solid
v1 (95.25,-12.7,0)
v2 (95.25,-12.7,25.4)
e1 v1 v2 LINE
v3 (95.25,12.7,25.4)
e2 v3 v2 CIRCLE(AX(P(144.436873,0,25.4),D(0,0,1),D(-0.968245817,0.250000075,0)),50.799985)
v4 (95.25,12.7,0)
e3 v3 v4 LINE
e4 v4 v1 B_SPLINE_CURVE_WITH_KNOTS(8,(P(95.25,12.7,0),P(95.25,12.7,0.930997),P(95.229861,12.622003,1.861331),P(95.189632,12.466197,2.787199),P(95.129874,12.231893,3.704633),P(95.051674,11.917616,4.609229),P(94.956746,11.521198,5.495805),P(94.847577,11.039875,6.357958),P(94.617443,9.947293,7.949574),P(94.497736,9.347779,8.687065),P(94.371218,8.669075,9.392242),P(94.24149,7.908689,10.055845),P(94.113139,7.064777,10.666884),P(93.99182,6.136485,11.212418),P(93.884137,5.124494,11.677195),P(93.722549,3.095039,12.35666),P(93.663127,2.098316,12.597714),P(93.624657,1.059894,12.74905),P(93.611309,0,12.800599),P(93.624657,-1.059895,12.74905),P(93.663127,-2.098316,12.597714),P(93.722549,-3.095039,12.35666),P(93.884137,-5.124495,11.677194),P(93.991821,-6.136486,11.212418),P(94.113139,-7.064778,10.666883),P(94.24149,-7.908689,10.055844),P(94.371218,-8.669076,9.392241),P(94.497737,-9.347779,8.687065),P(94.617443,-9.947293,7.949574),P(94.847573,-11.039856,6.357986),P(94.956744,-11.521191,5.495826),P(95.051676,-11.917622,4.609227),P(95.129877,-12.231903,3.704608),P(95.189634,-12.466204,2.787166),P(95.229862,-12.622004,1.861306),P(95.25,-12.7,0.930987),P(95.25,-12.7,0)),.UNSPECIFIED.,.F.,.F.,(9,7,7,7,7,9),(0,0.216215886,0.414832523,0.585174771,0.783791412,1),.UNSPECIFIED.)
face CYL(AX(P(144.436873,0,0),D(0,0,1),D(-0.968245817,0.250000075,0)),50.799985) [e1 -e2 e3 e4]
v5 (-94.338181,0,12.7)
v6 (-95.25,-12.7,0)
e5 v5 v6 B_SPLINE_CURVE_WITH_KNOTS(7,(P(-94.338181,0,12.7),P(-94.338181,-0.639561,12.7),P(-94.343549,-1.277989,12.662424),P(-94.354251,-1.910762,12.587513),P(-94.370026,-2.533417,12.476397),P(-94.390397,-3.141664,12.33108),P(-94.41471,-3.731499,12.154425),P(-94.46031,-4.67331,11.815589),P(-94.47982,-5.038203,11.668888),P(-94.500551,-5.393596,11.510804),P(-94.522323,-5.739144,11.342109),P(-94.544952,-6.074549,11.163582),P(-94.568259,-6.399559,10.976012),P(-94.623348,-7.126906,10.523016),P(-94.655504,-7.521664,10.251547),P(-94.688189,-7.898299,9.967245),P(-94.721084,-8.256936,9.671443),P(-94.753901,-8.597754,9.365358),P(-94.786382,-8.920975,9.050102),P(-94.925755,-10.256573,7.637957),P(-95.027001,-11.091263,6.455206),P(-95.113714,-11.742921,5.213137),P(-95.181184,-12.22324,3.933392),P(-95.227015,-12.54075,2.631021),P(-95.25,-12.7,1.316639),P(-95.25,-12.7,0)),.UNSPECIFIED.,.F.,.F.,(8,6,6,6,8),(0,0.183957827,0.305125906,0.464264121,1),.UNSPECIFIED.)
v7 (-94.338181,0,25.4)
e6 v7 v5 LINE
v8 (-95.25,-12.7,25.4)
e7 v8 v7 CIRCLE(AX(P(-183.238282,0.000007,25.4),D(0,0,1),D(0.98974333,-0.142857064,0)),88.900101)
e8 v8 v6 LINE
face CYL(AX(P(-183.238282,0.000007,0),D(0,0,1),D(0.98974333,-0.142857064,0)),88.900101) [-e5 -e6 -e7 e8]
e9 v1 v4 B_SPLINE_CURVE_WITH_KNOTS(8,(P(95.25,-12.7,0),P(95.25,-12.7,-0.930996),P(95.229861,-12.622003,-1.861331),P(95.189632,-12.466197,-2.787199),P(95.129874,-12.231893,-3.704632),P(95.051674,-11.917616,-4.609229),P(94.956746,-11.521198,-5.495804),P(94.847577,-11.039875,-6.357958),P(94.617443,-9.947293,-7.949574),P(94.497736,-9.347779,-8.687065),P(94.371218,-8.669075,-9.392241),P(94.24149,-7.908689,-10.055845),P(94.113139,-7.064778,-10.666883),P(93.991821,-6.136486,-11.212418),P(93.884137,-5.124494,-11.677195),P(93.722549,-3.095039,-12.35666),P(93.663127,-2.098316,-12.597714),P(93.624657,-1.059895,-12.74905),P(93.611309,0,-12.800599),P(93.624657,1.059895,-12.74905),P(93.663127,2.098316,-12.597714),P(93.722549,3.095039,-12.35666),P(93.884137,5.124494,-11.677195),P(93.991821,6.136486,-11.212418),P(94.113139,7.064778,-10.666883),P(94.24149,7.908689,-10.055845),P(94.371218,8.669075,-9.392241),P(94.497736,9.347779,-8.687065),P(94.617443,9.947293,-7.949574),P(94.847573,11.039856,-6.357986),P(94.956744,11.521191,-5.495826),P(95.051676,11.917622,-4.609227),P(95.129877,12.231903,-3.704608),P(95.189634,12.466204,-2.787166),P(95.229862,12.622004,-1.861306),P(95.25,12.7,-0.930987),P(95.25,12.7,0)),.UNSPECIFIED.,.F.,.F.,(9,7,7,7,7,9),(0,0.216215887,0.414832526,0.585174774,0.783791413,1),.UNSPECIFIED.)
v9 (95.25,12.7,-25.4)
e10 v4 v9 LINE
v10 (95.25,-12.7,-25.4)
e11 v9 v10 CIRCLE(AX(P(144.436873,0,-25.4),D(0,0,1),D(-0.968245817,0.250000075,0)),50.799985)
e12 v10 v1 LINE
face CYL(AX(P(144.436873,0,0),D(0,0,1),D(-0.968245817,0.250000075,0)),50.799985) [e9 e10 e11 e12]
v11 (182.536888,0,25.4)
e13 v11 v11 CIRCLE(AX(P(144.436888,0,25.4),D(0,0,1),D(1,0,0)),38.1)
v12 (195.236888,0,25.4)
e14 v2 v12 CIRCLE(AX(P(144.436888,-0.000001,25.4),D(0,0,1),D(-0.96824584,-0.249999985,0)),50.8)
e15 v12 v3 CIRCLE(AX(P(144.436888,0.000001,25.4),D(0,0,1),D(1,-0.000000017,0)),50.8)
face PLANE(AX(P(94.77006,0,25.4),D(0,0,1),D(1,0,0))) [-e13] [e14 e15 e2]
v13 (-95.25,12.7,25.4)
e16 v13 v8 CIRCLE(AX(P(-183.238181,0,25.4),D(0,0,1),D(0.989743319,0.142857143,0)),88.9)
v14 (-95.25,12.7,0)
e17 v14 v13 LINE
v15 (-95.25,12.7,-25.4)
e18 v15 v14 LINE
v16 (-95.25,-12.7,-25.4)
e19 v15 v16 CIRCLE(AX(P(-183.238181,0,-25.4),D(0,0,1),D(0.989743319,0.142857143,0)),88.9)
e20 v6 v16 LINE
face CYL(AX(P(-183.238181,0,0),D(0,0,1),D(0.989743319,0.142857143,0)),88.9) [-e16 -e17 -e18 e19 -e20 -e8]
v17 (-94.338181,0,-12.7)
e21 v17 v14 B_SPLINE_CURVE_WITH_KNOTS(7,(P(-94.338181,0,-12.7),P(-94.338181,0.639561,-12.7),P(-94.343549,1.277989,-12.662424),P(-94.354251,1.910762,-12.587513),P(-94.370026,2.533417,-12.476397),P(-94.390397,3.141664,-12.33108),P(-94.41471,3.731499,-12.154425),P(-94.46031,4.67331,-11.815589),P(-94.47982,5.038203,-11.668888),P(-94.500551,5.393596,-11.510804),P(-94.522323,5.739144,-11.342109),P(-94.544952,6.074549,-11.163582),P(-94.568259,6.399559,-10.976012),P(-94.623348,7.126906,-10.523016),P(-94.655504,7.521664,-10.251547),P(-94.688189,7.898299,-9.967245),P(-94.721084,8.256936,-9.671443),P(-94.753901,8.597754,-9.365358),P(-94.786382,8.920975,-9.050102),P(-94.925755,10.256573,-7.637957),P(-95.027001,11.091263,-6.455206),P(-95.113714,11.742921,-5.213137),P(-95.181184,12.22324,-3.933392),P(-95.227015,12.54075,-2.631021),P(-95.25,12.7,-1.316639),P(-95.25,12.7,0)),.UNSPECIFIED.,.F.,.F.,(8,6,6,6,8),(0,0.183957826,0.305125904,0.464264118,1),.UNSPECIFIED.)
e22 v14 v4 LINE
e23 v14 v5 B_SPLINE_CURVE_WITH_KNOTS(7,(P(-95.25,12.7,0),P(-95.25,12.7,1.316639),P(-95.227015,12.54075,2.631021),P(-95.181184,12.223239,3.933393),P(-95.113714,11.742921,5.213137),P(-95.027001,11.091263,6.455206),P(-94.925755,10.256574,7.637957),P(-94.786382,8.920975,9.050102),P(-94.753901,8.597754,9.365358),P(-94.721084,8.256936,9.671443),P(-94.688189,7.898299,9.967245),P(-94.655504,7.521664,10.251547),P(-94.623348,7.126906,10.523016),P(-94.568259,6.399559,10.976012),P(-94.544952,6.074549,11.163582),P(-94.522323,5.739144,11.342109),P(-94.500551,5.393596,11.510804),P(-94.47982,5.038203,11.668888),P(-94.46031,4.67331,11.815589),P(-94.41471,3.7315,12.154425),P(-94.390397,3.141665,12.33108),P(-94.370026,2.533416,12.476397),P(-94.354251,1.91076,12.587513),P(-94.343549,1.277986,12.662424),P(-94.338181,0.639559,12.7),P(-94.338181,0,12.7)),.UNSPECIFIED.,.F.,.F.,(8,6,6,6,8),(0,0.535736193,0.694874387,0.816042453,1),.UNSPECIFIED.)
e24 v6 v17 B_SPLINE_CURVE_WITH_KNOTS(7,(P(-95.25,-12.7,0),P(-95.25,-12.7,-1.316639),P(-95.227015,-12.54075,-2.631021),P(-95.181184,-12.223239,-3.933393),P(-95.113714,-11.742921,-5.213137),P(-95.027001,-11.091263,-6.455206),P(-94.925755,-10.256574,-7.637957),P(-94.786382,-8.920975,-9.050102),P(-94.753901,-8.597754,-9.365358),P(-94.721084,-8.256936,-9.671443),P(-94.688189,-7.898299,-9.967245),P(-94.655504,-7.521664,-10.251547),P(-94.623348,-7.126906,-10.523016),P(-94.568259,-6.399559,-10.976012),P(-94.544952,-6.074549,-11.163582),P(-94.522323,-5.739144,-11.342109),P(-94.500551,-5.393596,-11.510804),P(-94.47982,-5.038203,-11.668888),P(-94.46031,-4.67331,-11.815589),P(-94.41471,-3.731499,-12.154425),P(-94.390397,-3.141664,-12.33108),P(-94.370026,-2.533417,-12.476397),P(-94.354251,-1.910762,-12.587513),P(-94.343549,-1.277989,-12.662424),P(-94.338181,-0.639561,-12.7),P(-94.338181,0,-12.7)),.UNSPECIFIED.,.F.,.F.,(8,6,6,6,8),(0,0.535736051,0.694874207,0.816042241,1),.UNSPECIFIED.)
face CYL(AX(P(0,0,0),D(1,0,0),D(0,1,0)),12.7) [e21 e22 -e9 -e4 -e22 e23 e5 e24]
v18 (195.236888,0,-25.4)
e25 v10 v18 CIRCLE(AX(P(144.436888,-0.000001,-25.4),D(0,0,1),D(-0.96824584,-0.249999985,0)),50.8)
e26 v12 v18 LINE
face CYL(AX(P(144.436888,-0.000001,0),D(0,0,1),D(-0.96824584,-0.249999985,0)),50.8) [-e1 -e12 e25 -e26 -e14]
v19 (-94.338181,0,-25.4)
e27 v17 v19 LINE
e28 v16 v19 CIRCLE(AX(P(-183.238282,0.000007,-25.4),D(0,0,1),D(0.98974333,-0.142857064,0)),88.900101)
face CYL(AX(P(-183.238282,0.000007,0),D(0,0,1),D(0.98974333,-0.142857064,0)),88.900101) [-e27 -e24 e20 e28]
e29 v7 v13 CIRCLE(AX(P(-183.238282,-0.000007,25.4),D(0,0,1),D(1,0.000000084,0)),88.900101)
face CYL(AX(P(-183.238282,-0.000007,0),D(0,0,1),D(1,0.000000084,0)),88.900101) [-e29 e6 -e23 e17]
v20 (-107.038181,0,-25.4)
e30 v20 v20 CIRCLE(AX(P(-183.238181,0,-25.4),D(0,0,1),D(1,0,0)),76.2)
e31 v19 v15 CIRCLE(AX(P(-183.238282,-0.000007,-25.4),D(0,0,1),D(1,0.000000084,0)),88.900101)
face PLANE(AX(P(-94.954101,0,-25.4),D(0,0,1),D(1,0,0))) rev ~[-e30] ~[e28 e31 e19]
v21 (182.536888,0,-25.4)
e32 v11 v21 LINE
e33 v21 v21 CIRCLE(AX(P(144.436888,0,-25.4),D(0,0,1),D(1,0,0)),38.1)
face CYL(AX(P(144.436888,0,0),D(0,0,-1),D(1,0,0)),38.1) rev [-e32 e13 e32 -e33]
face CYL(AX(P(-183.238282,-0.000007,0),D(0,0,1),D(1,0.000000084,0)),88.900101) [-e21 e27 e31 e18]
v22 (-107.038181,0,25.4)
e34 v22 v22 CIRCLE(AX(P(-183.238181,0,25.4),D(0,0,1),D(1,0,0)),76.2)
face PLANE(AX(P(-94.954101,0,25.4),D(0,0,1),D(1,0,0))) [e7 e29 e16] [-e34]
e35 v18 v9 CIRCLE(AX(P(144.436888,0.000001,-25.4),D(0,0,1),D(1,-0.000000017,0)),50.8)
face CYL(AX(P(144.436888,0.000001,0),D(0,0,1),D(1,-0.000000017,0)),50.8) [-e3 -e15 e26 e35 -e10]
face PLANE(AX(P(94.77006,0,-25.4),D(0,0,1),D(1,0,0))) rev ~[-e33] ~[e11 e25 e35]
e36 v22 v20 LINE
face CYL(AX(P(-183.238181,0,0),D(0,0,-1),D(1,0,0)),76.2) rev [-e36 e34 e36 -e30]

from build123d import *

# Parameters (mm, degrees)
F0_R     = 12.7
F1_DEPTH = 95.25
F2_R     = 76.2
F3_DEPTH = 25.4
F4_R     = 38.1
F5_DEPTH = 25.4


with BuildPart() as f1:
    # F0 (on Right) → F1 (new body, symmetric)
    with BuildSketch(Plane.YZ):
        Circle(F0_R)
    extrude(amount=F1_DEPTH, both=True)

    # F2 (on Top) → F3 (join, symmetric)
    with BuildSketch(Plane.XY):
        with BuildLine():
            ThreePointArc((-94.338181, 0), (-94.566429, 6.366345), (-95.25, 12.7))
            Line((-95.25, 12.7), (-95.25, -12.7))
            ThreePointArc((-95.25, -12.7), (-94.566429, -6.366345), (-94.338181, 0))
        make_face()
        with BuildLine():
            Line((-95.25, -12.7), (-95.25, 12.7))
            ThreePointArc((-95.25, 12.7), (-272.138181, 0), (-95.25, -12.7))
        make_face()
        with Locations((-183.238181, 0)):
            Circle(F2_R, mode=Mode.SUBTRACT)
    extrude(amount=F3_DEPTH, both=True)

    # F4 (on Top) → F5 (join, symmetric)
    with BuildSketch(Plane.XY):
        with BuildLine():
            Line((95.25, -12.7), (95.25, 12.7))
            ThreePointArc((95.25, 12.7), (93.636888, 0), (95.25, -12.7))
        make_face()
        with BuildLine():
            ThreePointArc((195.236888, 0), (150.837907, 50.395109), (95.25, 12.7))
            Line((95.25, 12.7), (95.25, -12.7))
            ThreePointArc((95.25, -12.7), (150.837907, -50.395109), (195.236888, 0))
        make_face()
        with Locations((144.436888, 0)):
            Circle(F4_R, mode=Mode.SUBTRACT)
    extrude(amount=F5_DEPTH, both=True)


solid = f1.part
